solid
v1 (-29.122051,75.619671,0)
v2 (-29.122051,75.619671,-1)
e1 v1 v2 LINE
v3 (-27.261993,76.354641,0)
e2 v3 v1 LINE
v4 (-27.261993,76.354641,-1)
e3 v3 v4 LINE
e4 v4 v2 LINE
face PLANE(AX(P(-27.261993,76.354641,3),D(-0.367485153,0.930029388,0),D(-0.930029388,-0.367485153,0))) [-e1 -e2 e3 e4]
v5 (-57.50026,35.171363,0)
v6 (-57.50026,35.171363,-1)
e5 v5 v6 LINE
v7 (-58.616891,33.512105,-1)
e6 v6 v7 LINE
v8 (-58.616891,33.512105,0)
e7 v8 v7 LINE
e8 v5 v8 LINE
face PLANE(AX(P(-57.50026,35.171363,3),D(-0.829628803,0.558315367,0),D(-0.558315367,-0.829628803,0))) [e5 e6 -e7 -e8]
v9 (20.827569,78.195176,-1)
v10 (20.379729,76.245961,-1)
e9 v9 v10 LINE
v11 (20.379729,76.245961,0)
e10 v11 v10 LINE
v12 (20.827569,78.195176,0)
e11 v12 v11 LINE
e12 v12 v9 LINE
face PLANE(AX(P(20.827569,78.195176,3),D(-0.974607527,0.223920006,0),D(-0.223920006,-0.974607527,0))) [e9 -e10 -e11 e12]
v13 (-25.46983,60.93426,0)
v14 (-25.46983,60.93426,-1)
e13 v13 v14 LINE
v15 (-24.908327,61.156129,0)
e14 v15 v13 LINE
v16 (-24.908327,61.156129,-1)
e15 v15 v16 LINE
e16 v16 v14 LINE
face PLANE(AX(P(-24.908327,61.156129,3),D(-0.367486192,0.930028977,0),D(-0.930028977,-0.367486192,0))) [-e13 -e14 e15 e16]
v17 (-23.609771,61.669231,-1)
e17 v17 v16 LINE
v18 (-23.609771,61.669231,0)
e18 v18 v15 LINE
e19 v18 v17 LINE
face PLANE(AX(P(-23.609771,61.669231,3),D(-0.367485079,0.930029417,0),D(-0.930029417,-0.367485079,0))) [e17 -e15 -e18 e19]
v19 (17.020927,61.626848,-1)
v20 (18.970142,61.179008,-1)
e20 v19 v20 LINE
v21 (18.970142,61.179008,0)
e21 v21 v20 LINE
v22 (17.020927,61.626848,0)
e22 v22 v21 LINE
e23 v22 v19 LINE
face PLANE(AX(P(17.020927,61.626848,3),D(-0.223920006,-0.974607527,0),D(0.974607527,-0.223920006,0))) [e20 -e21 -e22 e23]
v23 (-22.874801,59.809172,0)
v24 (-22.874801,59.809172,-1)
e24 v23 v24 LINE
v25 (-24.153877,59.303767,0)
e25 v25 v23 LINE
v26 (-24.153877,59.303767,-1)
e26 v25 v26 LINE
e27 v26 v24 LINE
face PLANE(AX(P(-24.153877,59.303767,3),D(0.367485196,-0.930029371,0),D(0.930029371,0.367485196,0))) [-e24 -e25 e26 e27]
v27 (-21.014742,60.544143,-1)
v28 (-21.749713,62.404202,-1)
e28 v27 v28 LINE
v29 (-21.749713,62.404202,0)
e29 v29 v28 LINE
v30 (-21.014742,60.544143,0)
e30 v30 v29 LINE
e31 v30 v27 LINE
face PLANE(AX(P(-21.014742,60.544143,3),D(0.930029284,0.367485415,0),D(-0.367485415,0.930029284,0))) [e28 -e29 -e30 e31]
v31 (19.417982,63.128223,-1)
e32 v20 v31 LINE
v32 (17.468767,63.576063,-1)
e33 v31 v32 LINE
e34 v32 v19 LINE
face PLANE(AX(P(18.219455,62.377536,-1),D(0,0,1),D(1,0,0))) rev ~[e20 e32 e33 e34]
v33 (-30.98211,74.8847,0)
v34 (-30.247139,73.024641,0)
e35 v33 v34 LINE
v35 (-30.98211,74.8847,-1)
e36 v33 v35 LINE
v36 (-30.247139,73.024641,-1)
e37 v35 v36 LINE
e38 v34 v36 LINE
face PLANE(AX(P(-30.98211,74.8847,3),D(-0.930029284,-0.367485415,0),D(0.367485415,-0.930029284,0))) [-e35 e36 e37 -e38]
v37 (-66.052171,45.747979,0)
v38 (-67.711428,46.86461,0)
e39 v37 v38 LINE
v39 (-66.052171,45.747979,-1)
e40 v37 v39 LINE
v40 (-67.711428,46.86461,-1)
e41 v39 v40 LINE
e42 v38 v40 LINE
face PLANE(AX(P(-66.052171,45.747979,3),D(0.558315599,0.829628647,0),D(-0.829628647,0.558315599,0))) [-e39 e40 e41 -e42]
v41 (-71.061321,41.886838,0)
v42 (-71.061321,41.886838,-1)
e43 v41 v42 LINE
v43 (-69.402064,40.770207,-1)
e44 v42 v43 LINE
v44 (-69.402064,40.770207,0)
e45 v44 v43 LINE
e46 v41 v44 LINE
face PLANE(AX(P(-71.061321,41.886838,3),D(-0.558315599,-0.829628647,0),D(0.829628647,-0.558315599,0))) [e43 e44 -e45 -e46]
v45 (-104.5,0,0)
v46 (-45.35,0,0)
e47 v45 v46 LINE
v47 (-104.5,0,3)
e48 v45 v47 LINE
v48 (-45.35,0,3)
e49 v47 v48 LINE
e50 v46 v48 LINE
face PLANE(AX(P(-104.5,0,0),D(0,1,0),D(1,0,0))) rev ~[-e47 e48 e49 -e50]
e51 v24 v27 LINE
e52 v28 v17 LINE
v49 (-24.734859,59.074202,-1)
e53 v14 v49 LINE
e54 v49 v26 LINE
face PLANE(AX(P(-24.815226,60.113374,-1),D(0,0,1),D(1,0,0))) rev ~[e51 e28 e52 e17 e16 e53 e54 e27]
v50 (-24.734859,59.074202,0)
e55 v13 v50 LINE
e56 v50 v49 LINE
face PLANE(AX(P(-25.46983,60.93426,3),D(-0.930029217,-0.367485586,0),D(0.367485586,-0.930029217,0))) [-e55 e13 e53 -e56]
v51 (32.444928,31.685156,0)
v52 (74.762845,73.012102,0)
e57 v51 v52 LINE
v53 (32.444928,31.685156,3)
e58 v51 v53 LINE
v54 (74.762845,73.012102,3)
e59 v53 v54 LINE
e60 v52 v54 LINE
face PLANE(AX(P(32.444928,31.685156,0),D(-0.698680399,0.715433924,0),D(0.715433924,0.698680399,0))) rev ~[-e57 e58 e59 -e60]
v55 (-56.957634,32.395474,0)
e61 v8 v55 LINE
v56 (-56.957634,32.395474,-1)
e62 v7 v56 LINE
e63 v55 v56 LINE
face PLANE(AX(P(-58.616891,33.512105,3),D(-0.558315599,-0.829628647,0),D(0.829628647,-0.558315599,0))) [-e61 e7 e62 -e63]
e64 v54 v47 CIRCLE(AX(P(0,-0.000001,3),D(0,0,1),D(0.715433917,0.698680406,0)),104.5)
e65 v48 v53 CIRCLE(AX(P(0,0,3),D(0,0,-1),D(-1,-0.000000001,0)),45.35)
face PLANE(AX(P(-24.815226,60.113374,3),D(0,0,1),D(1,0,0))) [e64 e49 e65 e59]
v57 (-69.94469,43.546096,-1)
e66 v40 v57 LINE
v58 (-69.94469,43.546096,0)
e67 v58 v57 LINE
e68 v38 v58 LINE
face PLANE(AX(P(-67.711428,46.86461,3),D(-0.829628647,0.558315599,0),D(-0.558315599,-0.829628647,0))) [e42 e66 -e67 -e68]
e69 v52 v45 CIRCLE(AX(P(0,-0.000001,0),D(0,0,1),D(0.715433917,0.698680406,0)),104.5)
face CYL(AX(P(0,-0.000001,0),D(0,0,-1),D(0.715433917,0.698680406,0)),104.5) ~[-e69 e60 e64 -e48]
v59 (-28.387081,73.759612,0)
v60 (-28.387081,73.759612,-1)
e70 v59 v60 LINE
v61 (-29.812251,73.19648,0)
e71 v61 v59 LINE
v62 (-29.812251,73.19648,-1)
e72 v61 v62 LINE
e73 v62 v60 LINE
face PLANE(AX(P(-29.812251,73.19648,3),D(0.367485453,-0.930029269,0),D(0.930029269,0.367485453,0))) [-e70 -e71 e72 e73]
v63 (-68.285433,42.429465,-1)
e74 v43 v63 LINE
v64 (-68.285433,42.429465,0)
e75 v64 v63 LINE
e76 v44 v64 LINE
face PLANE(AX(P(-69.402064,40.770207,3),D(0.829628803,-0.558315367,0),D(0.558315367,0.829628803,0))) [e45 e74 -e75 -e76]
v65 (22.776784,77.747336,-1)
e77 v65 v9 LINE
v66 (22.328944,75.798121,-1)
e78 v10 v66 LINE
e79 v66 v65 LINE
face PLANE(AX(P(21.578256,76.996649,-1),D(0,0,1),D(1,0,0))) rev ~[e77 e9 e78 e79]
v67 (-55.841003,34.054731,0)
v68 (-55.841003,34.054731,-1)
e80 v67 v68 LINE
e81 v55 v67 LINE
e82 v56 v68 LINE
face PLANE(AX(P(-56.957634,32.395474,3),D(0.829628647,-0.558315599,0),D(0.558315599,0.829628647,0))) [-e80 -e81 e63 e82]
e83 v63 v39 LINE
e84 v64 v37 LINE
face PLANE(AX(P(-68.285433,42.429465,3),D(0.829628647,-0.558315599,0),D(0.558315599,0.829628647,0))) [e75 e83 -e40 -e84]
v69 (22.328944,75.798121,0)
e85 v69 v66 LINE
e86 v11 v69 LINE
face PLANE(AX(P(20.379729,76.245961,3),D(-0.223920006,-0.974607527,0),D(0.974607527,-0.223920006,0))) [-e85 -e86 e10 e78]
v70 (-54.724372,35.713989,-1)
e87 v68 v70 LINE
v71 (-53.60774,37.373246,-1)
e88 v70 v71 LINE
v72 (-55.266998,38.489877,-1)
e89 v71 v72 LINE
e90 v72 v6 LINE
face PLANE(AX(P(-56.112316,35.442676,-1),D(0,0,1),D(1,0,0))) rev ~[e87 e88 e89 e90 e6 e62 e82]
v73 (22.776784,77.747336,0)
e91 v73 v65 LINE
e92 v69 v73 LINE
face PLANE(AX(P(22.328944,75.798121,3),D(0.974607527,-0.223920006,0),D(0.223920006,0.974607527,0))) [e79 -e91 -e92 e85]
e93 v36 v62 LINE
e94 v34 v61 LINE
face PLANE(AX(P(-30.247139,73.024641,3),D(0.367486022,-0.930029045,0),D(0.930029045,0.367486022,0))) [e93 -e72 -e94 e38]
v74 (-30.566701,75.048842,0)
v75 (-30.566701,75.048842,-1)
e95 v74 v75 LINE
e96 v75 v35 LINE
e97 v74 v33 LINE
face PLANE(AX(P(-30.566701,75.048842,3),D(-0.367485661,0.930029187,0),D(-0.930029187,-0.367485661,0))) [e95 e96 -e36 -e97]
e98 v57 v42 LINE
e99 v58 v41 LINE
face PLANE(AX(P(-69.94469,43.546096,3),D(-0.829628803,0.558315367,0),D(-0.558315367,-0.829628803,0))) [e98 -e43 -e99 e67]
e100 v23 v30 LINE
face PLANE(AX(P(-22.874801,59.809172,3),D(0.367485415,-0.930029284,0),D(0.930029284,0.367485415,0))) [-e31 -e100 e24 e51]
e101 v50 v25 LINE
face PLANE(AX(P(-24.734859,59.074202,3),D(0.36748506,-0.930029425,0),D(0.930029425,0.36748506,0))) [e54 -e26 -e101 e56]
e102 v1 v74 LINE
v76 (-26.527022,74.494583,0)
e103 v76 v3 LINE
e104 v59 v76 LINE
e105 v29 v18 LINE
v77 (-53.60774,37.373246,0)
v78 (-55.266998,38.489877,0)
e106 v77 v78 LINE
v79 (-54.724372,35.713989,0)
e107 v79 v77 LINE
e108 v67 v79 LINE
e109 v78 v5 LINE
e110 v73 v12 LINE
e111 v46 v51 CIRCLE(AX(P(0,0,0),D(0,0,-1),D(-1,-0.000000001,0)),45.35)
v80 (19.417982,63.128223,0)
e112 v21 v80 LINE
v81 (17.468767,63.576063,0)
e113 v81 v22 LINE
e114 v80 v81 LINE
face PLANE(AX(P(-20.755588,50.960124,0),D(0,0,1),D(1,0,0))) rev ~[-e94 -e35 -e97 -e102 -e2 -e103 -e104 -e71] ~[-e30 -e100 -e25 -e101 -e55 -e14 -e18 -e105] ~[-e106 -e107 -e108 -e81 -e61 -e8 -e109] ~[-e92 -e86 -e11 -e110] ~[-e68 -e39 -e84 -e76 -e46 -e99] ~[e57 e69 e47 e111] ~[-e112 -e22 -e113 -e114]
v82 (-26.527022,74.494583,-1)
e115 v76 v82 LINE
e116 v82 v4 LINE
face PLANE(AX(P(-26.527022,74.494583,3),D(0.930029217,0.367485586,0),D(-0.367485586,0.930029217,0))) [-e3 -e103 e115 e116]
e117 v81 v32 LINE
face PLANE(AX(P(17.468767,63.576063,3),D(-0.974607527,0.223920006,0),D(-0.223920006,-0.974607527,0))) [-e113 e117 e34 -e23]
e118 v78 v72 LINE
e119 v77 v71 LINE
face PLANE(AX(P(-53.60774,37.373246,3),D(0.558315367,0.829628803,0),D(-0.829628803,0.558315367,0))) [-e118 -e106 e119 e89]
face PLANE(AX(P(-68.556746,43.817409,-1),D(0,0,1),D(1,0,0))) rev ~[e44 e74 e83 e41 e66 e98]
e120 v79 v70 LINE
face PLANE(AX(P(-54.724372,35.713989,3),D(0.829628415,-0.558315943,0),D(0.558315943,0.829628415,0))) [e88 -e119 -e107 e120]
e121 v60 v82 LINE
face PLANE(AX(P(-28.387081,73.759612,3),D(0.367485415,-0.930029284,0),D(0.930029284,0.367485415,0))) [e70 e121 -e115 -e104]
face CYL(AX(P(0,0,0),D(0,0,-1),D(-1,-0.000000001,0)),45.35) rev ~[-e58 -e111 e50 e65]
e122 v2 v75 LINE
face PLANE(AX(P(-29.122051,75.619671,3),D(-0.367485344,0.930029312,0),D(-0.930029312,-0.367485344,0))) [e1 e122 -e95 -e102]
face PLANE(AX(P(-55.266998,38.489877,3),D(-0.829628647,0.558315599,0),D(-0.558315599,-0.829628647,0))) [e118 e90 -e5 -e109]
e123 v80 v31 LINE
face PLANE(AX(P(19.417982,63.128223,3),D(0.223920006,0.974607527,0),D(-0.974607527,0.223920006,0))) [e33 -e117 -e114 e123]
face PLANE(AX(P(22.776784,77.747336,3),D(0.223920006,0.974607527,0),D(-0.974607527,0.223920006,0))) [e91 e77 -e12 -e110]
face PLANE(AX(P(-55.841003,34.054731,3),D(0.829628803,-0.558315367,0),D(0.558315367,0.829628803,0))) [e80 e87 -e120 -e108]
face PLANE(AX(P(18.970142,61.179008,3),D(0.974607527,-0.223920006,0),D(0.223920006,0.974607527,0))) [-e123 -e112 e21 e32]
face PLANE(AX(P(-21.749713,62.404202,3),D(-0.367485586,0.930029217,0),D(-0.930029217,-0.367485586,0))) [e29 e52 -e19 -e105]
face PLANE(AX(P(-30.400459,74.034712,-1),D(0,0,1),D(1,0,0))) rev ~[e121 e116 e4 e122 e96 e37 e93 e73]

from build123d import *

# Parameters (mm, degrees)
F1_DEPTH = 3
F3_DEPTH = 4


with BuildPart() as f1:
    # F0 (on Top) → F1 (new body)
    with BuildSketch(Plane.XY):
        with BuildLine():
            Line((32.444928, 31.685156), (74.762845, 73.012102))
            ThreePointArc((74.762845, 73.012102), (-39.417843, 96.780595), (-104.5, 0))
            Line((-104.5, 0), (-45.35, 0))
            ThreePointArc((-45.35, 0), (-17.106212, 42), (32.444928, 31.685156))
        make_face()
    extrude(amount=F1_DEPTH)

    # F2 (on face) → F3 (join)
    with BuildSketch(Plane.XY.offset(3)):
        Polygon((-24.734859, 59.074202), (-24.153877, 59.303767), (-24.908327, 61.156129), (-25.46983, 60.93426), align=None)
        Polygon((-24.908327, 61.156129), (-24.153877, 59.303767), (-22.874801, 59.809172), (-21.014742, 60.544143), (-21.749713, 62.404202), (-23.609771, 61.669231), align=None)
        Polygon((-30.247139, 73.024641), (-29.812251, 73.19648), (-30.566701, 75.048842), (-30.98211, 74.8847), align=None)
        Polygon((-30.566701, 75.048842), (-29.812251, 73.19648), (-28.387081, 73.759612), (-26.527022, 74.494583), (-27.261993, 76.354641), (-29.122051, 75.619671), align=None)
        Polygon((-55.841003, 34.054731), (-54.724372, 35.713989), (-56.383629, 36.83062), (-57.50026, 35.171363), align=None)
        Polygon((-68.285433, 42.429465), (-67.168802, 44.088722), (-68.828059, 45.205353), (-69.94469, 43.546096), align=None)
        Polygon((-68.828059, 45.205353), (-67.168802, 44.088722), (-66.052171, 45.747979), (-67.711428, 46.86461), align=None)
        Polygon((-56.383629, 36.83062), (-54.724372, 35.713989), (-53.60774, 37.373246), (-55.266998, 38.489877), align=None)
        Polygon((-56.957634, 32.395474), (-55.841003, 34.054731), (-57.50026, 35.171363), (-58.616891, 33.512105), align=None)
        Polygon((-69.402064, 40.770207), (-68.285433, 42.429465), (-69.94469, 43.546096), (-71.061321, 41.886838), align=None)
        Polygon((22.776784, 77.747336), (20.827569, 78.195176), (20.379729, 76.245961), (22.328944, 75.798121), align=None)
        Polygon((19.417982, 63.128223), (17.468767, 63.576063), (17.020927, 61.626848), (18.970142, 61.179008), align=None)
    extrude(amount=-F3_DEPTH)


solid = f1.part
